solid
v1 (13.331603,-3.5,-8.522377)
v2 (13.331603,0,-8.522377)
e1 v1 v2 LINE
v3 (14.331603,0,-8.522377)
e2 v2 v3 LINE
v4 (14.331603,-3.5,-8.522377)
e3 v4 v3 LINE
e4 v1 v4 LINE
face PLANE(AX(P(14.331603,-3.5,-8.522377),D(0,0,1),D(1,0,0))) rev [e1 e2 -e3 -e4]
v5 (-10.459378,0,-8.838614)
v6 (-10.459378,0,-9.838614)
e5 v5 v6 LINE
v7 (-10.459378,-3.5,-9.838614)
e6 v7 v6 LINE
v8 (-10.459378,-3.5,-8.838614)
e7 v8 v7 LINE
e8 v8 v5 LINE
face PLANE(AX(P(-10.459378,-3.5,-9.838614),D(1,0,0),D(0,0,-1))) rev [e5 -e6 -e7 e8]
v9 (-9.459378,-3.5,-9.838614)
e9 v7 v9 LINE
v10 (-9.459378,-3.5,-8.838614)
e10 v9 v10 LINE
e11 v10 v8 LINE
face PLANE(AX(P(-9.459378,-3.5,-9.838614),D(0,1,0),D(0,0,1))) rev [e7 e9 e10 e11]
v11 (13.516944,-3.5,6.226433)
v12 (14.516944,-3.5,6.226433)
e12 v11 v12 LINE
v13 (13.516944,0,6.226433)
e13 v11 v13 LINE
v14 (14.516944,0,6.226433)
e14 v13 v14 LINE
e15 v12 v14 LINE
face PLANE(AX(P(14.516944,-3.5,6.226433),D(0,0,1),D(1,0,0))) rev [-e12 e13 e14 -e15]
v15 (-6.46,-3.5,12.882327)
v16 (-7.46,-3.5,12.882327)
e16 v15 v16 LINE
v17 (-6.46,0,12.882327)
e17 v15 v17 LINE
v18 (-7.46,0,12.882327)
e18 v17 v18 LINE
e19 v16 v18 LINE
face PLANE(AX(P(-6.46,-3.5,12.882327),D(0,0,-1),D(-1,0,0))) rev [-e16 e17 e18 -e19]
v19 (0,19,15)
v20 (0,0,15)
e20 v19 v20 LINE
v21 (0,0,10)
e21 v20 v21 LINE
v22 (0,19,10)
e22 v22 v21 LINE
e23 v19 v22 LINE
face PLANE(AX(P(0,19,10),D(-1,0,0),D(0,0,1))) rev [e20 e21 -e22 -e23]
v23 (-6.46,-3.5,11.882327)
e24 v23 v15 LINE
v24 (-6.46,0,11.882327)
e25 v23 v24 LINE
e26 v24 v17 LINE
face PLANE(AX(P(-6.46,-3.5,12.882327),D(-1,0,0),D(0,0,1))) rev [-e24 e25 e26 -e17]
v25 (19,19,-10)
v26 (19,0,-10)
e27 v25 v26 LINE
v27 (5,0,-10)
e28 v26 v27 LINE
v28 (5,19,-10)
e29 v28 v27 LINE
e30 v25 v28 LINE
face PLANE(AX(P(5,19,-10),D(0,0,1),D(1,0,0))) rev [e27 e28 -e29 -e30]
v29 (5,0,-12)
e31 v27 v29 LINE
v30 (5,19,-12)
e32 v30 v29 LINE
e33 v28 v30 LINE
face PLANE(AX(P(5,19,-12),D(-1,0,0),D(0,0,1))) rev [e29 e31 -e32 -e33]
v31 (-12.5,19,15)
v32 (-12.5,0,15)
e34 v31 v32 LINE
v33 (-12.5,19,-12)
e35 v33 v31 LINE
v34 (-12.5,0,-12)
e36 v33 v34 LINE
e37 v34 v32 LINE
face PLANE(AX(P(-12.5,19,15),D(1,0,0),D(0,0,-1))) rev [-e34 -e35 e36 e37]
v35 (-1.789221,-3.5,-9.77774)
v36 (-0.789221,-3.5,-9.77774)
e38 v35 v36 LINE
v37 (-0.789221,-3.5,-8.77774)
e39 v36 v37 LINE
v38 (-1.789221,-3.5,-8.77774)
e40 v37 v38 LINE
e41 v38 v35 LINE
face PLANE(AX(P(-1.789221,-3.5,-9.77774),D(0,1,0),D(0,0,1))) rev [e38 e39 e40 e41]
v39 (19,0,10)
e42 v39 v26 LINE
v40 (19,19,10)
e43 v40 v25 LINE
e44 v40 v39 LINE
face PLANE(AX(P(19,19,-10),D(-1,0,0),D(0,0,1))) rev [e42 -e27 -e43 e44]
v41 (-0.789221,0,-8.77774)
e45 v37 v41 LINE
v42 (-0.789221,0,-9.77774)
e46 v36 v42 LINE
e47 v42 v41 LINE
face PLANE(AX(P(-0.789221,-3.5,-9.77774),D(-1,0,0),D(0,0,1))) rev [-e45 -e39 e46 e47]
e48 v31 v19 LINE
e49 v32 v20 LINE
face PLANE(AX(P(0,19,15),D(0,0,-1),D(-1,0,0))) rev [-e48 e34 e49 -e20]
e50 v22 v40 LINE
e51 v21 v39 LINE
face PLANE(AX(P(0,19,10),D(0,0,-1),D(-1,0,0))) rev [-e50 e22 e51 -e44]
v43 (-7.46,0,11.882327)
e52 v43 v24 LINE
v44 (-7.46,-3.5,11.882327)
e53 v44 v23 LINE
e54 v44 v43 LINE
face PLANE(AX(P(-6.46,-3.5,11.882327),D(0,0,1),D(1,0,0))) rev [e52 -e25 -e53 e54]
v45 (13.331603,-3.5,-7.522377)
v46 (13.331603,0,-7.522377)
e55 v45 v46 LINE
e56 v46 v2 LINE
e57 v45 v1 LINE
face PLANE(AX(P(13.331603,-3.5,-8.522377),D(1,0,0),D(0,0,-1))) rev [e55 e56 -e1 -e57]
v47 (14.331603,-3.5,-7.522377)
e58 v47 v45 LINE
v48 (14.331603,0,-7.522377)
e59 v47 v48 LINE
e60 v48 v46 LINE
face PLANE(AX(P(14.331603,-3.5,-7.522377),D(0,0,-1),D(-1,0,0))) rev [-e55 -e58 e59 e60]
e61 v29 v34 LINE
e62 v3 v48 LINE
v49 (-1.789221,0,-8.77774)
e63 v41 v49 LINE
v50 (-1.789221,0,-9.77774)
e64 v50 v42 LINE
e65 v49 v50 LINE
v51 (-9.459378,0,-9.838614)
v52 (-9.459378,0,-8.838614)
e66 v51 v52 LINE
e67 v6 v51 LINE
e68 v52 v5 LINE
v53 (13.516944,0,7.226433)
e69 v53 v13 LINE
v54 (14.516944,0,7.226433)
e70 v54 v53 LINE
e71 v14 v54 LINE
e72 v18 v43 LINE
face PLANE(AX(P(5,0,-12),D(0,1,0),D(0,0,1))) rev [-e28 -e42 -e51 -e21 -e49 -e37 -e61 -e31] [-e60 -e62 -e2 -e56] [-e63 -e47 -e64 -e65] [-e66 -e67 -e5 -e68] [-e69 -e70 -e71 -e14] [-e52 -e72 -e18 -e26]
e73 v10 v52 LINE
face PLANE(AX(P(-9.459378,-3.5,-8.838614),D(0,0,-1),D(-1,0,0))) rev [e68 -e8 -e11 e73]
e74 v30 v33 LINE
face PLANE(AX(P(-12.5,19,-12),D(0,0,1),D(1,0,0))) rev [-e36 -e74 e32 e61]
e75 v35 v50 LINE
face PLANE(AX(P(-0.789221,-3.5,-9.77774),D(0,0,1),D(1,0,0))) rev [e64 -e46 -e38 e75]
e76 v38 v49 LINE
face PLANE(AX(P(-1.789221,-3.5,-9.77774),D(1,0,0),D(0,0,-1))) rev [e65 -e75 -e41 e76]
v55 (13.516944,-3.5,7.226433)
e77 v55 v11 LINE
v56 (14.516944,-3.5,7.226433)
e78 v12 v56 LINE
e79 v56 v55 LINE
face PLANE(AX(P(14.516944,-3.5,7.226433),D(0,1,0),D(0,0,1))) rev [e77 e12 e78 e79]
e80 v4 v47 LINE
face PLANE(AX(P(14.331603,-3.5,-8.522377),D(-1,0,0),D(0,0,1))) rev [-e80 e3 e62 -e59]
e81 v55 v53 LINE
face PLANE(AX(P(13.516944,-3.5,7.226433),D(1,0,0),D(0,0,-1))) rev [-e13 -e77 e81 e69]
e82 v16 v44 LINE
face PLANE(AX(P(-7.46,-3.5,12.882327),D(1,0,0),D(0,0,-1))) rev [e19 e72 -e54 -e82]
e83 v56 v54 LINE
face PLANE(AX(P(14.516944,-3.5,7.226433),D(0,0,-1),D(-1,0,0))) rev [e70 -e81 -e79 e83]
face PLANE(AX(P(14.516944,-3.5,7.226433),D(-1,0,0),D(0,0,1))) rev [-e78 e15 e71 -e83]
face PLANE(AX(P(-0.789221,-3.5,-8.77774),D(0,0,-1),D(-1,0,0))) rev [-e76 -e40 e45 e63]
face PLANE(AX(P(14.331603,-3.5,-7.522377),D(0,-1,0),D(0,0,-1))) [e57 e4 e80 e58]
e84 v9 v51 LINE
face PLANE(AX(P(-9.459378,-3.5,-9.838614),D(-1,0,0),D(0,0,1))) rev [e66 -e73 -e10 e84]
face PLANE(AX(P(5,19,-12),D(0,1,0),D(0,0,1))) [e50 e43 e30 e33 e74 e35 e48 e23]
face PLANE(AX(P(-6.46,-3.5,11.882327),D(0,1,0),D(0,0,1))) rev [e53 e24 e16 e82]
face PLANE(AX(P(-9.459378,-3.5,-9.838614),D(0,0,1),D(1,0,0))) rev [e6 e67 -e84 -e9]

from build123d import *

# Parameters (mm, degrees)
EXTRUDE_1_DEPTH = 19
SKETCH_2_W      = 1
SKETCH_2_H      = 1
EXTRUDE_2_DEPTH = 3.5


with BuildPart() as part:
    # 草图1 → 拉伸1 (new body)
    with BuildSketch(Plane(origin=(0, 0, 0), x_dir=(1, 0, 0), z_dir=(0, 1, 0))):
        Polygon((5, 10), (19, 10), (19, -10), (0, -10), (0, -15), (-12.5, -15), (-12.5, 12), (5, 12), align=None)
    extrude(amount=EXTRUDE_1_DEPTH)

    # 草图2 → 拉伸2 (add)
    with BuildSketch(Plane.XZ):
        with Locations((13.831603364, -8.022376545)):
            Rectangle(SKETCH_2_W, SKETCH_2_H)
        with Locations((14.016943938, 6.726433021)):
            Rectangle(SKETCH_2_W, SKETCH_2_H)
        with Locations((-6.96, 12.382327248)):
            Rectangle(SKETCH_2_W, SKETCH_2_H)
        with Locations((-1.289220796, -9.277739781)):
            Rectangle(SKETCH_2_W, SKETCH_2_H)
        with Locations((-9.959378068, -9.338614045)):
            Rectangle(SKETCH_2_W, SKETCH_2_H)
    extrude(amount=EXTRUDE_2_DEPTH)


solid = part.part
